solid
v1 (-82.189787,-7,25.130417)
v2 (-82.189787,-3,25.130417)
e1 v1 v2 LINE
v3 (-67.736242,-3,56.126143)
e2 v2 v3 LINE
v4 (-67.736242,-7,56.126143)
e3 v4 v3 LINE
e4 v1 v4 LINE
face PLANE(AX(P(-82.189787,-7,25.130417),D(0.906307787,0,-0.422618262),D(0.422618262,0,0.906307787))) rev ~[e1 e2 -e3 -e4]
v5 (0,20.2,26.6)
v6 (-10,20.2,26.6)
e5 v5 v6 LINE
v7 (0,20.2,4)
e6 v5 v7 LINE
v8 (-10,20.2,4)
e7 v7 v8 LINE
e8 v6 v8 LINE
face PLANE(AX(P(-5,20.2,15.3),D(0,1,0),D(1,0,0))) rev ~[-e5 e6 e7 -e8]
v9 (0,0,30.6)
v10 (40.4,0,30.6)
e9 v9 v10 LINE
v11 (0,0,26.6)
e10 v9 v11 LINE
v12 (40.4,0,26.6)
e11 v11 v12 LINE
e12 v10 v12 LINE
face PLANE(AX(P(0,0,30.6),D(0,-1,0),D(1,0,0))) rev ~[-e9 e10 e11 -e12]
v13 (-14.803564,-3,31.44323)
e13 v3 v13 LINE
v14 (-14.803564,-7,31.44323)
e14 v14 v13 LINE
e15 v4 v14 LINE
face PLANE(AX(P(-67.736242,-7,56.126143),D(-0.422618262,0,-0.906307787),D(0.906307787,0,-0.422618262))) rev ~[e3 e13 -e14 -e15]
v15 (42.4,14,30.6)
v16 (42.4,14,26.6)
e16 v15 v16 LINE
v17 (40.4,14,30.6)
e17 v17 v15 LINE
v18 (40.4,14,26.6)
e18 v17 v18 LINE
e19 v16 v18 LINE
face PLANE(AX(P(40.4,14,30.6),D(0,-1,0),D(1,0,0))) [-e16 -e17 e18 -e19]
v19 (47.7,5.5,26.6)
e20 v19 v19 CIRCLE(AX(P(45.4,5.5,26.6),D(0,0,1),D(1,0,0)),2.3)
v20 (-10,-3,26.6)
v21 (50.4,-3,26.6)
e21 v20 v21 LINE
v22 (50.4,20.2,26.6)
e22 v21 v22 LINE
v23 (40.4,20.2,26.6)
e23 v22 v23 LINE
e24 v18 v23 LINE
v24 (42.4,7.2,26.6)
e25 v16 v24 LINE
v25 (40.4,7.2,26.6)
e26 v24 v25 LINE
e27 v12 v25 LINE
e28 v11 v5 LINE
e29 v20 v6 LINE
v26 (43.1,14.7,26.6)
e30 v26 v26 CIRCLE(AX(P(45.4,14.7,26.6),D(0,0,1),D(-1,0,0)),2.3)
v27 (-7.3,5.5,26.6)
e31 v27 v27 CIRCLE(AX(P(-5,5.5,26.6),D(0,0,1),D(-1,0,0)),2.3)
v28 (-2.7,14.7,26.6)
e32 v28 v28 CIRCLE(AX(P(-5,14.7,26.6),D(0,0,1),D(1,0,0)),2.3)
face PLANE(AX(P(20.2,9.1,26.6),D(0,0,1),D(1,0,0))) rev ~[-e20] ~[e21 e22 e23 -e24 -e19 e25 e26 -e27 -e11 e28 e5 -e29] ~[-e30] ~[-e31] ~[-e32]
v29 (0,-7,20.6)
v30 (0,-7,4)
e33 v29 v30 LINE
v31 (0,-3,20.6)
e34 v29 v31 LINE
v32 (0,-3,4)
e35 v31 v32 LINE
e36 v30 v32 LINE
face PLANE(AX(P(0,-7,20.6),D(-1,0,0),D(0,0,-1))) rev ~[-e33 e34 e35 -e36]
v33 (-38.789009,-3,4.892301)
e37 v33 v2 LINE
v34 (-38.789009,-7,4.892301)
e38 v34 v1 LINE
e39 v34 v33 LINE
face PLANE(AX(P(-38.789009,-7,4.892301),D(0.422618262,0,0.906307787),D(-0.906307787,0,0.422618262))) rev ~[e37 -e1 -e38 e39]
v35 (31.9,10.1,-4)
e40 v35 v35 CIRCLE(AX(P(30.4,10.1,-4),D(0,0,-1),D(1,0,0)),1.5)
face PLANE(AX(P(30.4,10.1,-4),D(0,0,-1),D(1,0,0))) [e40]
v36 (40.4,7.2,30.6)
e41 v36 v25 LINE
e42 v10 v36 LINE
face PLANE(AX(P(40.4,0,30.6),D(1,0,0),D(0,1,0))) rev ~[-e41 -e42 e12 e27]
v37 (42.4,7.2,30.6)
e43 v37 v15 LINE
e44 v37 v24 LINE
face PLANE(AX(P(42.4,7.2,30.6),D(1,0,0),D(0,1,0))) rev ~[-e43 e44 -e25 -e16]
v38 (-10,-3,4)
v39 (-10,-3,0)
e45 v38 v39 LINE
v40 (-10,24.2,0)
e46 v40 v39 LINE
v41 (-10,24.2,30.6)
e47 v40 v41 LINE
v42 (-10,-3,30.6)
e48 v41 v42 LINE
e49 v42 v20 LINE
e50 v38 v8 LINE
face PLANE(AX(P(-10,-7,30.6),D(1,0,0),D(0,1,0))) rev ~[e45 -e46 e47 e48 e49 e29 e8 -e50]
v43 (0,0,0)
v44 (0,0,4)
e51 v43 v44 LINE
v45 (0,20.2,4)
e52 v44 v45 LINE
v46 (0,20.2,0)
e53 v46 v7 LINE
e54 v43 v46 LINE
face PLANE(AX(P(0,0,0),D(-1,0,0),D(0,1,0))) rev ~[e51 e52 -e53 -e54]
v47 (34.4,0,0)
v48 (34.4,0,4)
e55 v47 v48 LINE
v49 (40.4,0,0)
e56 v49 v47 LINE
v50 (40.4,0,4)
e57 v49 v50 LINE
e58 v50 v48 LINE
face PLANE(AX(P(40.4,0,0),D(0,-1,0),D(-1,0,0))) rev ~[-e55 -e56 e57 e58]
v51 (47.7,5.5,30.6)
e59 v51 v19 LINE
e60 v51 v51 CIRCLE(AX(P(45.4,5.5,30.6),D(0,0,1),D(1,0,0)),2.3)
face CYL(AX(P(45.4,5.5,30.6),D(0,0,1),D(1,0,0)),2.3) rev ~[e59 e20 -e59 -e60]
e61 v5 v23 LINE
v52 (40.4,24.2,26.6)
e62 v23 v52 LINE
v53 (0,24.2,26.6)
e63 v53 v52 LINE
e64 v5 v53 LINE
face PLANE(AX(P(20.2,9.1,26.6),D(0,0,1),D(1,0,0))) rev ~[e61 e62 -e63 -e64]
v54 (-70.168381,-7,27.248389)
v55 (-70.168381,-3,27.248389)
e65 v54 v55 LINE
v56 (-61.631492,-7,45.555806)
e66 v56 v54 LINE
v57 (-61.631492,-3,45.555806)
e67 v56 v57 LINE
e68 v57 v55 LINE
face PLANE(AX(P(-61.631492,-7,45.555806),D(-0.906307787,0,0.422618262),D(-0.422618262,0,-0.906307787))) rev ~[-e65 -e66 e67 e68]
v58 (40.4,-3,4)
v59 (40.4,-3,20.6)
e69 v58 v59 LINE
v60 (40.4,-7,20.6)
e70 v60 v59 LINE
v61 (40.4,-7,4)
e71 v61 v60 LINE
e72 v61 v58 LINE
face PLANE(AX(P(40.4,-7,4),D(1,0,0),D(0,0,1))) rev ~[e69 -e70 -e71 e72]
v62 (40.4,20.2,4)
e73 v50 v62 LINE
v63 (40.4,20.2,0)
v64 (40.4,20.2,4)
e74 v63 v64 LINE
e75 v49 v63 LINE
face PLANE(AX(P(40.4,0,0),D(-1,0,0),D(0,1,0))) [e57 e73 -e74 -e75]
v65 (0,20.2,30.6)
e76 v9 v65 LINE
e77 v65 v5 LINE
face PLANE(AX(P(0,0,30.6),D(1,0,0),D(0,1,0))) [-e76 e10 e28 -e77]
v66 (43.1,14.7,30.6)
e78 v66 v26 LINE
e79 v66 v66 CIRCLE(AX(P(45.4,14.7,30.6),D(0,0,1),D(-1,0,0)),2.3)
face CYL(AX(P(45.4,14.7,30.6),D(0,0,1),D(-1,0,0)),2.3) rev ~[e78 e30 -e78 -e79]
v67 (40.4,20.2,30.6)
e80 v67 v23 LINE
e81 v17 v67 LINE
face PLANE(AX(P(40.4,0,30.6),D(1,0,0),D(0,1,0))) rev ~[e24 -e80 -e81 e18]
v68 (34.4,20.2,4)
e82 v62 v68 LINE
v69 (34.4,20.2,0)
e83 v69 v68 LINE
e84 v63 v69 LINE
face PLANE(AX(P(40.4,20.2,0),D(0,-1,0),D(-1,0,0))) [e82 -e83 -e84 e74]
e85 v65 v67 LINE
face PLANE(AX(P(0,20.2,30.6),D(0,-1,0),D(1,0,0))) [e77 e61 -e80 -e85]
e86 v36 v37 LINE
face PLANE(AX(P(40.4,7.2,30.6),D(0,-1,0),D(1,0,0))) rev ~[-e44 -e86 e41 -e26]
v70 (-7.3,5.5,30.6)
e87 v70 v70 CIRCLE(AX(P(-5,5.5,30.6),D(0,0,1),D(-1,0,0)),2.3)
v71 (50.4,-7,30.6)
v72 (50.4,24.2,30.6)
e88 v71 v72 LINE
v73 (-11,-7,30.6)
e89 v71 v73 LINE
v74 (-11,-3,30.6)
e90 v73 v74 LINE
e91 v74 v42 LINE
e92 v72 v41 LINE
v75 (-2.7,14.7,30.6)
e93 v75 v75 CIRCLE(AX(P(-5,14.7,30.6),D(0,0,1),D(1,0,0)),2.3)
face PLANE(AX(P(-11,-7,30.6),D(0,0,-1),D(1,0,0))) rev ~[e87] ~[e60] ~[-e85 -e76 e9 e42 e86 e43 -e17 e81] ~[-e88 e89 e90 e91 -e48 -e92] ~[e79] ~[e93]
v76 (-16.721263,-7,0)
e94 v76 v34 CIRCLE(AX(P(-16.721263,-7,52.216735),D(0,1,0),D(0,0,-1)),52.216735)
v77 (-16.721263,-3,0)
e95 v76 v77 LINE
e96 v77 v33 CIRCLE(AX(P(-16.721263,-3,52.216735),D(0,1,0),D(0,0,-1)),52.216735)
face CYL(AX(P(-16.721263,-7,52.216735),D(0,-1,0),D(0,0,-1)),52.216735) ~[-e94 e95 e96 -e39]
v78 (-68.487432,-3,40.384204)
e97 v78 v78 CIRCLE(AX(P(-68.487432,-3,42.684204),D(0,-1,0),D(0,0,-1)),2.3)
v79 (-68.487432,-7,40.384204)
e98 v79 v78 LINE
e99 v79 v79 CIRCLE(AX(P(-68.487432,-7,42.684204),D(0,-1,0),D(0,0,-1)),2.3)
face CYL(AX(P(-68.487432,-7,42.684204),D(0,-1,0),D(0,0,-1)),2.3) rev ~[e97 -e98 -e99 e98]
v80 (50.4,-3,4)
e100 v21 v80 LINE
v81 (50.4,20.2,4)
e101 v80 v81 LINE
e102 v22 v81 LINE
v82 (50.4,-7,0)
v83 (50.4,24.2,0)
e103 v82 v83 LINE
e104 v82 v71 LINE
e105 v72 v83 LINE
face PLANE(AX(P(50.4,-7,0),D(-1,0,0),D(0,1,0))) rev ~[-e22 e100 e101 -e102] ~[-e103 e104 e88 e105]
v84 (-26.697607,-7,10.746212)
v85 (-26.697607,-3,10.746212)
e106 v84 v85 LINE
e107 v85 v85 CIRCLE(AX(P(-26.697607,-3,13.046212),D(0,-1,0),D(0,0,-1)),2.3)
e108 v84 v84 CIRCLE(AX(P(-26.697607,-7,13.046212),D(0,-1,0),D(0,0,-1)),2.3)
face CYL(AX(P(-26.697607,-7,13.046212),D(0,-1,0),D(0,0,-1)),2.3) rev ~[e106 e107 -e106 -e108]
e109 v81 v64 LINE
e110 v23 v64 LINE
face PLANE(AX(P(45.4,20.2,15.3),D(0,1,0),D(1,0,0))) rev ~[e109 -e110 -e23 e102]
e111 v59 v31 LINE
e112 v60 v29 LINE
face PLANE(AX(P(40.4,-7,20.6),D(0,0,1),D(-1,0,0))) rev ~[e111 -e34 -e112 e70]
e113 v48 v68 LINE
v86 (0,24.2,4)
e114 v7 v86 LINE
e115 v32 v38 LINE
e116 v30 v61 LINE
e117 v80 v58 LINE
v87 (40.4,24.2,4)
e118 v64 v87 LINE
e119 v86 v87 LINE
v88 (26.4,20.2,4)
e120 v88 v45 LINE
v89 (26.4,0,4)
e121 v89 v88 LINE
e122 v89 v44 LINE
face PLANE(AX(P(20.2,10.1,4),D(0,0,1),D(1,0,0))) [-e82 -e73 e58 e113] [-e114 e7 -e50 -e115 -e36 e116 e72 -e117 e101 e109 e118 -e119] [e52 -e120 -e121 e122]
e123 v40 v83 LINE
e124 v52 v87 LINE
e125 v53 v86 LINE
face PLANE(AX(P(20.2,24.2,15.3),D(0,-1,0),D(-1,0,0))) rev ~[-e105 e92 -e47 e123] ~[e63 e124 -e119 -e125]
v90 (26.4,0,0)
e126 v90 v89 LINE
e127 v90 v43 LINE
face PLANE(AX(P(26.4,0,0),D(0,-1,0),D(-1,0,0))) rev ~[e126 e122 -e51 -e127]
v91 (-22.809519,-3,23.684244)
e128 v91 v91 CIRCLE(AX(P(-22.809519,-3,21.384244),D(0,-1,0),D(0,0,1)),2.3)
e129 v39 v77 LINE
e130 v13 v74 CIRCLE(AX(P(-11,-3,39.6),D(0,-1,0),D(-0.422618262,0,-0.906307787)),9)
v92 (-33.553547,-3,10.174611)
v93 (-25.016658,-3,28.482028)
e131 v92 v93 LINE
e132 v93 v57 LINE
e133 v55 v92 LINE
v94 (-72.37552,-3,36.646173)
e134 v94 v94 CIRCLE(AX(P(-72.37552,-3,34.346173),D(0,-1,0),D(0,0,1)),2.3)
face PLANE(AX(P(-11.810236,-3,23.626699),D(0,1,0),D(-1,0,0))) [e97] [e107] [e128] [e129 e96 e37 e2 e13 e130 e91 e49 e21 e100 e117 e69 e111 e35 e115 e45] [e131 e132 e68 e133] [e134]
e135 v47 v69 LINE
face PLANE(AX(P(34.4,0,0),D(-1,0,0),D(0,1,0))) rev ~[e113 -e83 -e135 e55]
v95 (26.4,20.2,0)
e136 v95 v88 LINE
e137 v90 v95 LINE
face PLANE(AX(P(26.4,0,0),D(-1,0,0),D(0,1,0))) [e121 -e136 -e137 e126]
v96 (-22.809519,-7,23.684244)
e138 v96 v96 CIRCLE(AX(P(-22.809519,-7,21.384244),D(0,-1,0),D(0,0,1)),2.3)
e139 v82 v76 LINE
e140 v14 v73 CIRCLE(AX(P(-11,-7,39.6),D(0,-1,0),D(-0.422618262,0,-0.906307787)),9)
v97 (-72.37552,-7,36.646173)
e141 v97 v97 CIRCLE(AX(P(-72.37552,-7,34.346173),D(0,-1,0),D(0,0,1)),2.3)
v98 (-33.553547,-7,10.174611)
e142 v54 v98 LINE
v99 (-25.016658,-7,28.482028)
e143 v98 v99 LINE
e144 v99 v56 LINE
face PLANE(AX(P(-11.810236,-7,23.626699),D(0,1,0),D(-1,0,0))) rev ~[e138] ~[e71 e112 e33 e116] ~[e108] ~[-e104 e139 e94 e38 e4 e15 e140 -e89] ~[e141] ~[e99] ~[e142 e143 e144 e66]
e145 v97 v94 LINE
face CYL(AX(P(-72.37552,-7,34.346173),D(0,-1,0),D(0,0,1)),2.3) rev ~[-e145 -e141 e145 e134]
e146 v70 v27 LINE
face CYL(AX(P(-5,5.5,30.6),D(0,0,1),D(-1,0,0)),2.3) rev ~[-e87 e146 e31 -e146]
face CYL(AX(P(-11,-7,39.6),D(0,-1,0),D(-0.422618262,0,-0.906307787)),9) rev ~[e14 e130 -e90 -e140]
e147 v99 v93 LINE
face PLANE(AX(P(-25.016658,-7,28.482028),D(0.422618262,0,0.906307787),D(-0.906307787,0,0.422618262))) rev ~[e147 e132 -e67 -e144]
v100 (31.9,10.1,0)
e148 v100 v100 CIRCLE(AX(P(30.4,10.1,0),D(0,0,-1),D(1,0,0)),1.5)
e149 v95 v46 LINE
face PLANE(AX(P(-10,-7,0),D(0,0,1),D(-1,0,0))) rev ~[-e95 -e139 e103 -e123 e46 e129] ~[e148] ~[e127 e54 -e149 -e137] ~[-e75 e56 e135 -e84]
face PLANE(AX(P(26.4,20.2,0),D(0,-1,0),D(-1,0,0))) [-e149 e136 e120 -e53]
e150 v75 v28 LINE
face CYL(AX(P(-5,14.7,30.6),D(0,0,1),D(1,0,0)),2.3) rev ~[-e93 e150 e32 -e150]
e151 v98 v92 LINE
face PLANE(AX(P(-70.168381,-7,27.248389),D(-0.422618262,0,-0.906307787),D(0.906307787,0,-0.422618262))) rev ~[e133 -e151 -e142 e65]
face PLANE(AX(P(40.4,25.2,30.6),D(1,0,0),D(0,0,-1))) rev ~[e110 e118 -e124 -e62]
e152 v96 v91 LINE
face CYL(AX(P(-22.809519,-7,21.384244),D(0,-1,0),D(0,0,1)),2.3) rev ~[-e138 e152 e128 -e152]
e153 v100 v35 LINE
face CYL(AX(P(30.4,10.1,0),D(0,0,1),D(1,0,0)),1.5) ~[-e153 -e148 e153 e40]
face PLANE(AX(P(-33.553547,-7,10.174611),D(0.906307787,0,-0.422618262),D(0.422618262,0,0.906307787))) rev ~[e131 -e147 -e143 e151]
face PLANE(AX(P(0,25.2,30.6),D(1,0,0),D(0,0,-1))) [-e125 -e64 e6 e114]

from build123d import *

# Parameters (mm, degrees)
SZKIC1_W                    = 60.4
SZKIC1_H                    = 34.2
DODANIE_WYCI_GNI_CIE1_DEPTH = 4
SZKIC2_R                    = 2.3
DODANIE_WYCI_GNI_CIE2_DEPTH = 4
SZKIC8_W                    = 60.4
SZKIC8_H                    = 32.2
SZKIC8_R                    = 2.3
SZKIC8_W_2                  = 40.4
SZKIC8_H_2                  = 20.2
DODANIE_WYCI_GNI_CIE3_DEPTH = 4
SZKIC10_R                   = 1.5
DODANIE_WYCI_GNI_CIE4_DEPTH = 4
DODANIE_WYCI_GNI_CIE5_START = -2
SZKIC11_W                   = 10
SZKIC11_H                   = 30.6
DODANIE_WYCI_GNI_CIE5_DEPTH = 5
WYTNIJ_WYCI_GNI_CIE1_DEPTH  = 3
SZKIC13_W                   = 6
SZKIC13_H                   = 20.2
SZKIC13_W_2                 = 26.4
WYTNIJ_WYCI_GNI_CIE2_DEPTH  = 4
WYTNIJ_WYCI_GNI_CIE3_REACH  = 94.401
SZKIC14_W                   = 2
SZKIC14_H                   = 6.8


with BuildPart() as part:
    # Szkic1 → Dodanie-wyciągnięcie1 (new body)
    with BuildSketch(Plane.XY):
        with Locations((20.2, 10.1)):
            Rectangle(SZKIC1_W, SZKIC1_H)
    extrude(amount=DODANIE_WYCI_GNI_CIE1_DEPTH)

    # Szkic2 → Dodanie-wyciągnięcie2 (add)
    with BuildSketch(Plane.XZ.offset(7)):
        with BuildLine():
            Line((-10, 4), (-10, 0))
            Line((-10, 0), (-16.721262857, 0))
            ThreePointArc((-16.721262857, 0), (-28.023032854, 1.237745118), (-38.789008699, 4.89230147))
            Line((-38.789008699, 4.89230147), (-82.189786852, 25.130416692))
            Line((-82.189786852, 25.130416692), (-67.736242301, 56.126143009))
            Line((-67.736242301, 56.126143009), (-14.803564356, 31.443229917))
            ThreePointArc((-14.803564356, 31.443229917), (-12.947956525, 30.813335936), (-11, 30.6))
            Line((-11, 30.6), (-10, 30.6))
            Line((-10, 30.6), (50.4, 30.6))
            Line((50.4, 30.6), (50.4, 4))
            Line((50.4, 4), (40.4, 4))
            Line((40.4, 4), (40.4, 20.6))
            Line((40.4, 20.6), (0, 20.6))
            Line((0, 20.6), (0, 4))
            Line((0, 4), (-10, 4))
        make_face()
        with Locations(Location((-68.487431637, 42.684204362, 0), (0, 0, 270))):
            Circle(SZKIC2_R, mode=Mode.SUBTRACT)
        with Locations(Location((-22.809519171, 21.384243971, 0), (0, 0, 90))):
            Circle(SZKIC2_R, mode=Mode.SUBTRACT)
        with Locations(Location((-26.697607179, 13.04621233, 0), (0, 0, 270))):
            Circle(SZKIC2_R, mode=Mode.SUBTRACT)
        with Locations(Location((-72.375519645, 34.346172722, 0), (0, 0, 90))):
            Circle(SZKIC2_R, mode=Mode.SUBTRACT)
        Polygon((-61.631492263, 45.555805882), (-70.16838115, 27.248388584), (-33.553546554, 10.17461081), (-25.016657666, 28.482028108), align=None, mode=Mode.SUBTRACT)
    extrude(amount=-DODANIE_WYCI_GNI_CIE2_DEPTH)

    # Szkic8 → Dodanie-wyciągnięcie3 (add)
    with BuildSketch(Plane.XY.offset(30.6)):
        with Locations((20.2, 9.1)):
            Rectangle(SZKIC8_W, SZKIC8_H)
        with Locations((-5, 14.7)):
            Circle(SZKIC8_R, mode=Mode.SUBTRACT)
        with Locations(Location((-5, 5.5, 0), (0, 0, 180))):
            Circle(SZKIC8_R, mode=Mode.SUBTRACT)
        with Locations((45.4, 5.5)):
            Circle(SZKIC8_R, mode=Mode.SUBTRACT)
        with Locations(Location((45.4, 14.7, 0), (0, 0, 180))):
            Circle(SZKIC8_R, mode=Mode.SUBTRACT)
        with Locations((20.2, 10.1)):
            Rectangle(SZKIC8_W_2, SZKIC8_H_2, mode=Mode.SUBTRACT)
    extrude(amount=-DODANIE_WYCI_GNI_CIE3_DEPTH)

    # Szkic10 → Dodanie-wyciągnięcie4 (add)
    with BuildSketch(Plane(origin=(0, 0, 0), x_dir=(-1, 0, 0), z_dir=(0, 0, -1))):
        with Locations(Location((-30.4, 10.1, 0), (0, 0, 180))):
            Circle(SZKIC10_R)
    extrude(amount=DODANIE_WYCI_GNI_CIE4_DEPTH)

    # Szkic11 → Dodanie-wyciągnięcie5 (add)
    with BuildSketch(Plane(origin=(0, 27.2, 0), x_dir=(1, 0, 0), z_dir=(0, 1, 0)).offset(DODANIE_WYCI_GNI_CIE5_START)):
        with Locations((-5, -15.3)):
            Rectangle(SZKIC11_W, SZKIC11_H)
        with Locations((45.4, -15.3)):
            Rectangle(SZKIC11_W, SZKIC11_H)
    extrude(amount=-DODANIE_WYCI_GNI_CIE5_DEPTH)

    # Szkic12 → Wytnij-wyciągnięcie1 (cut)
    with BuildSketch(Plane(origin=(0, 27.2, 0), x_dir=(1, 0, 0), z_dir=(0, 1, 0))):
        Polygon((-10, 0), (50.4, 0), (50.4, -4), (50.4, -30.6), (-10, -30.6), (-10, -4), align=None)
    extrude(amount=-WYTNIJ_WYCI_GNI_CIE1_DEPTH, mode=Mode.SUBTRACT)

    # Szkic13 → Wytnij-wyciągnięcie2 (cut)
    with BuildSketch(Plane(origin=(0, 0, 0), x_dir=(-1, 0, 0), z_dir=(0, 0, -1))):
        with Locations((-37.4, 10.1)):
            Rectangle(SZKIC13_W, SZKIC13_H)
        with Locations((-13.2, 10.1)):
            Rectangle(SZKIC13_W_2, SZKIC13_H)
    extrude(amount=-WYTNIJ_WYCI_GNI_CIE2_DEPTH, mode=Mode.SUBTRACT)

    # Szkic14 → Wytnij-wyciągnięcie3 (cut, up to next)
    with BuildSketch(Plane.XY.offset(30.6), mode=Mode.PRIVATE) as wytnij_wyci_gni_cie3_sk1:
        with Locations((41.4, 10.6)):
            Rectangle(SZKIC14_W, SZKIC14_H)
    wytnij_wyci_gni_cie3_tool1 = extrude(wytnij_wyci_gni_cie3_sk1.sketch, amount=-WYTNIJ_WYCI_GNI_CIE3_REACH, mode=Mode.PRIVATE) & part.part
    add(wytnij_wyci_gni_cie3_tool1.solids().sort_by_distance((41.4, 10.6, 30.6))[0], mode=Mode.SUBTRACT)


solid = part.part
